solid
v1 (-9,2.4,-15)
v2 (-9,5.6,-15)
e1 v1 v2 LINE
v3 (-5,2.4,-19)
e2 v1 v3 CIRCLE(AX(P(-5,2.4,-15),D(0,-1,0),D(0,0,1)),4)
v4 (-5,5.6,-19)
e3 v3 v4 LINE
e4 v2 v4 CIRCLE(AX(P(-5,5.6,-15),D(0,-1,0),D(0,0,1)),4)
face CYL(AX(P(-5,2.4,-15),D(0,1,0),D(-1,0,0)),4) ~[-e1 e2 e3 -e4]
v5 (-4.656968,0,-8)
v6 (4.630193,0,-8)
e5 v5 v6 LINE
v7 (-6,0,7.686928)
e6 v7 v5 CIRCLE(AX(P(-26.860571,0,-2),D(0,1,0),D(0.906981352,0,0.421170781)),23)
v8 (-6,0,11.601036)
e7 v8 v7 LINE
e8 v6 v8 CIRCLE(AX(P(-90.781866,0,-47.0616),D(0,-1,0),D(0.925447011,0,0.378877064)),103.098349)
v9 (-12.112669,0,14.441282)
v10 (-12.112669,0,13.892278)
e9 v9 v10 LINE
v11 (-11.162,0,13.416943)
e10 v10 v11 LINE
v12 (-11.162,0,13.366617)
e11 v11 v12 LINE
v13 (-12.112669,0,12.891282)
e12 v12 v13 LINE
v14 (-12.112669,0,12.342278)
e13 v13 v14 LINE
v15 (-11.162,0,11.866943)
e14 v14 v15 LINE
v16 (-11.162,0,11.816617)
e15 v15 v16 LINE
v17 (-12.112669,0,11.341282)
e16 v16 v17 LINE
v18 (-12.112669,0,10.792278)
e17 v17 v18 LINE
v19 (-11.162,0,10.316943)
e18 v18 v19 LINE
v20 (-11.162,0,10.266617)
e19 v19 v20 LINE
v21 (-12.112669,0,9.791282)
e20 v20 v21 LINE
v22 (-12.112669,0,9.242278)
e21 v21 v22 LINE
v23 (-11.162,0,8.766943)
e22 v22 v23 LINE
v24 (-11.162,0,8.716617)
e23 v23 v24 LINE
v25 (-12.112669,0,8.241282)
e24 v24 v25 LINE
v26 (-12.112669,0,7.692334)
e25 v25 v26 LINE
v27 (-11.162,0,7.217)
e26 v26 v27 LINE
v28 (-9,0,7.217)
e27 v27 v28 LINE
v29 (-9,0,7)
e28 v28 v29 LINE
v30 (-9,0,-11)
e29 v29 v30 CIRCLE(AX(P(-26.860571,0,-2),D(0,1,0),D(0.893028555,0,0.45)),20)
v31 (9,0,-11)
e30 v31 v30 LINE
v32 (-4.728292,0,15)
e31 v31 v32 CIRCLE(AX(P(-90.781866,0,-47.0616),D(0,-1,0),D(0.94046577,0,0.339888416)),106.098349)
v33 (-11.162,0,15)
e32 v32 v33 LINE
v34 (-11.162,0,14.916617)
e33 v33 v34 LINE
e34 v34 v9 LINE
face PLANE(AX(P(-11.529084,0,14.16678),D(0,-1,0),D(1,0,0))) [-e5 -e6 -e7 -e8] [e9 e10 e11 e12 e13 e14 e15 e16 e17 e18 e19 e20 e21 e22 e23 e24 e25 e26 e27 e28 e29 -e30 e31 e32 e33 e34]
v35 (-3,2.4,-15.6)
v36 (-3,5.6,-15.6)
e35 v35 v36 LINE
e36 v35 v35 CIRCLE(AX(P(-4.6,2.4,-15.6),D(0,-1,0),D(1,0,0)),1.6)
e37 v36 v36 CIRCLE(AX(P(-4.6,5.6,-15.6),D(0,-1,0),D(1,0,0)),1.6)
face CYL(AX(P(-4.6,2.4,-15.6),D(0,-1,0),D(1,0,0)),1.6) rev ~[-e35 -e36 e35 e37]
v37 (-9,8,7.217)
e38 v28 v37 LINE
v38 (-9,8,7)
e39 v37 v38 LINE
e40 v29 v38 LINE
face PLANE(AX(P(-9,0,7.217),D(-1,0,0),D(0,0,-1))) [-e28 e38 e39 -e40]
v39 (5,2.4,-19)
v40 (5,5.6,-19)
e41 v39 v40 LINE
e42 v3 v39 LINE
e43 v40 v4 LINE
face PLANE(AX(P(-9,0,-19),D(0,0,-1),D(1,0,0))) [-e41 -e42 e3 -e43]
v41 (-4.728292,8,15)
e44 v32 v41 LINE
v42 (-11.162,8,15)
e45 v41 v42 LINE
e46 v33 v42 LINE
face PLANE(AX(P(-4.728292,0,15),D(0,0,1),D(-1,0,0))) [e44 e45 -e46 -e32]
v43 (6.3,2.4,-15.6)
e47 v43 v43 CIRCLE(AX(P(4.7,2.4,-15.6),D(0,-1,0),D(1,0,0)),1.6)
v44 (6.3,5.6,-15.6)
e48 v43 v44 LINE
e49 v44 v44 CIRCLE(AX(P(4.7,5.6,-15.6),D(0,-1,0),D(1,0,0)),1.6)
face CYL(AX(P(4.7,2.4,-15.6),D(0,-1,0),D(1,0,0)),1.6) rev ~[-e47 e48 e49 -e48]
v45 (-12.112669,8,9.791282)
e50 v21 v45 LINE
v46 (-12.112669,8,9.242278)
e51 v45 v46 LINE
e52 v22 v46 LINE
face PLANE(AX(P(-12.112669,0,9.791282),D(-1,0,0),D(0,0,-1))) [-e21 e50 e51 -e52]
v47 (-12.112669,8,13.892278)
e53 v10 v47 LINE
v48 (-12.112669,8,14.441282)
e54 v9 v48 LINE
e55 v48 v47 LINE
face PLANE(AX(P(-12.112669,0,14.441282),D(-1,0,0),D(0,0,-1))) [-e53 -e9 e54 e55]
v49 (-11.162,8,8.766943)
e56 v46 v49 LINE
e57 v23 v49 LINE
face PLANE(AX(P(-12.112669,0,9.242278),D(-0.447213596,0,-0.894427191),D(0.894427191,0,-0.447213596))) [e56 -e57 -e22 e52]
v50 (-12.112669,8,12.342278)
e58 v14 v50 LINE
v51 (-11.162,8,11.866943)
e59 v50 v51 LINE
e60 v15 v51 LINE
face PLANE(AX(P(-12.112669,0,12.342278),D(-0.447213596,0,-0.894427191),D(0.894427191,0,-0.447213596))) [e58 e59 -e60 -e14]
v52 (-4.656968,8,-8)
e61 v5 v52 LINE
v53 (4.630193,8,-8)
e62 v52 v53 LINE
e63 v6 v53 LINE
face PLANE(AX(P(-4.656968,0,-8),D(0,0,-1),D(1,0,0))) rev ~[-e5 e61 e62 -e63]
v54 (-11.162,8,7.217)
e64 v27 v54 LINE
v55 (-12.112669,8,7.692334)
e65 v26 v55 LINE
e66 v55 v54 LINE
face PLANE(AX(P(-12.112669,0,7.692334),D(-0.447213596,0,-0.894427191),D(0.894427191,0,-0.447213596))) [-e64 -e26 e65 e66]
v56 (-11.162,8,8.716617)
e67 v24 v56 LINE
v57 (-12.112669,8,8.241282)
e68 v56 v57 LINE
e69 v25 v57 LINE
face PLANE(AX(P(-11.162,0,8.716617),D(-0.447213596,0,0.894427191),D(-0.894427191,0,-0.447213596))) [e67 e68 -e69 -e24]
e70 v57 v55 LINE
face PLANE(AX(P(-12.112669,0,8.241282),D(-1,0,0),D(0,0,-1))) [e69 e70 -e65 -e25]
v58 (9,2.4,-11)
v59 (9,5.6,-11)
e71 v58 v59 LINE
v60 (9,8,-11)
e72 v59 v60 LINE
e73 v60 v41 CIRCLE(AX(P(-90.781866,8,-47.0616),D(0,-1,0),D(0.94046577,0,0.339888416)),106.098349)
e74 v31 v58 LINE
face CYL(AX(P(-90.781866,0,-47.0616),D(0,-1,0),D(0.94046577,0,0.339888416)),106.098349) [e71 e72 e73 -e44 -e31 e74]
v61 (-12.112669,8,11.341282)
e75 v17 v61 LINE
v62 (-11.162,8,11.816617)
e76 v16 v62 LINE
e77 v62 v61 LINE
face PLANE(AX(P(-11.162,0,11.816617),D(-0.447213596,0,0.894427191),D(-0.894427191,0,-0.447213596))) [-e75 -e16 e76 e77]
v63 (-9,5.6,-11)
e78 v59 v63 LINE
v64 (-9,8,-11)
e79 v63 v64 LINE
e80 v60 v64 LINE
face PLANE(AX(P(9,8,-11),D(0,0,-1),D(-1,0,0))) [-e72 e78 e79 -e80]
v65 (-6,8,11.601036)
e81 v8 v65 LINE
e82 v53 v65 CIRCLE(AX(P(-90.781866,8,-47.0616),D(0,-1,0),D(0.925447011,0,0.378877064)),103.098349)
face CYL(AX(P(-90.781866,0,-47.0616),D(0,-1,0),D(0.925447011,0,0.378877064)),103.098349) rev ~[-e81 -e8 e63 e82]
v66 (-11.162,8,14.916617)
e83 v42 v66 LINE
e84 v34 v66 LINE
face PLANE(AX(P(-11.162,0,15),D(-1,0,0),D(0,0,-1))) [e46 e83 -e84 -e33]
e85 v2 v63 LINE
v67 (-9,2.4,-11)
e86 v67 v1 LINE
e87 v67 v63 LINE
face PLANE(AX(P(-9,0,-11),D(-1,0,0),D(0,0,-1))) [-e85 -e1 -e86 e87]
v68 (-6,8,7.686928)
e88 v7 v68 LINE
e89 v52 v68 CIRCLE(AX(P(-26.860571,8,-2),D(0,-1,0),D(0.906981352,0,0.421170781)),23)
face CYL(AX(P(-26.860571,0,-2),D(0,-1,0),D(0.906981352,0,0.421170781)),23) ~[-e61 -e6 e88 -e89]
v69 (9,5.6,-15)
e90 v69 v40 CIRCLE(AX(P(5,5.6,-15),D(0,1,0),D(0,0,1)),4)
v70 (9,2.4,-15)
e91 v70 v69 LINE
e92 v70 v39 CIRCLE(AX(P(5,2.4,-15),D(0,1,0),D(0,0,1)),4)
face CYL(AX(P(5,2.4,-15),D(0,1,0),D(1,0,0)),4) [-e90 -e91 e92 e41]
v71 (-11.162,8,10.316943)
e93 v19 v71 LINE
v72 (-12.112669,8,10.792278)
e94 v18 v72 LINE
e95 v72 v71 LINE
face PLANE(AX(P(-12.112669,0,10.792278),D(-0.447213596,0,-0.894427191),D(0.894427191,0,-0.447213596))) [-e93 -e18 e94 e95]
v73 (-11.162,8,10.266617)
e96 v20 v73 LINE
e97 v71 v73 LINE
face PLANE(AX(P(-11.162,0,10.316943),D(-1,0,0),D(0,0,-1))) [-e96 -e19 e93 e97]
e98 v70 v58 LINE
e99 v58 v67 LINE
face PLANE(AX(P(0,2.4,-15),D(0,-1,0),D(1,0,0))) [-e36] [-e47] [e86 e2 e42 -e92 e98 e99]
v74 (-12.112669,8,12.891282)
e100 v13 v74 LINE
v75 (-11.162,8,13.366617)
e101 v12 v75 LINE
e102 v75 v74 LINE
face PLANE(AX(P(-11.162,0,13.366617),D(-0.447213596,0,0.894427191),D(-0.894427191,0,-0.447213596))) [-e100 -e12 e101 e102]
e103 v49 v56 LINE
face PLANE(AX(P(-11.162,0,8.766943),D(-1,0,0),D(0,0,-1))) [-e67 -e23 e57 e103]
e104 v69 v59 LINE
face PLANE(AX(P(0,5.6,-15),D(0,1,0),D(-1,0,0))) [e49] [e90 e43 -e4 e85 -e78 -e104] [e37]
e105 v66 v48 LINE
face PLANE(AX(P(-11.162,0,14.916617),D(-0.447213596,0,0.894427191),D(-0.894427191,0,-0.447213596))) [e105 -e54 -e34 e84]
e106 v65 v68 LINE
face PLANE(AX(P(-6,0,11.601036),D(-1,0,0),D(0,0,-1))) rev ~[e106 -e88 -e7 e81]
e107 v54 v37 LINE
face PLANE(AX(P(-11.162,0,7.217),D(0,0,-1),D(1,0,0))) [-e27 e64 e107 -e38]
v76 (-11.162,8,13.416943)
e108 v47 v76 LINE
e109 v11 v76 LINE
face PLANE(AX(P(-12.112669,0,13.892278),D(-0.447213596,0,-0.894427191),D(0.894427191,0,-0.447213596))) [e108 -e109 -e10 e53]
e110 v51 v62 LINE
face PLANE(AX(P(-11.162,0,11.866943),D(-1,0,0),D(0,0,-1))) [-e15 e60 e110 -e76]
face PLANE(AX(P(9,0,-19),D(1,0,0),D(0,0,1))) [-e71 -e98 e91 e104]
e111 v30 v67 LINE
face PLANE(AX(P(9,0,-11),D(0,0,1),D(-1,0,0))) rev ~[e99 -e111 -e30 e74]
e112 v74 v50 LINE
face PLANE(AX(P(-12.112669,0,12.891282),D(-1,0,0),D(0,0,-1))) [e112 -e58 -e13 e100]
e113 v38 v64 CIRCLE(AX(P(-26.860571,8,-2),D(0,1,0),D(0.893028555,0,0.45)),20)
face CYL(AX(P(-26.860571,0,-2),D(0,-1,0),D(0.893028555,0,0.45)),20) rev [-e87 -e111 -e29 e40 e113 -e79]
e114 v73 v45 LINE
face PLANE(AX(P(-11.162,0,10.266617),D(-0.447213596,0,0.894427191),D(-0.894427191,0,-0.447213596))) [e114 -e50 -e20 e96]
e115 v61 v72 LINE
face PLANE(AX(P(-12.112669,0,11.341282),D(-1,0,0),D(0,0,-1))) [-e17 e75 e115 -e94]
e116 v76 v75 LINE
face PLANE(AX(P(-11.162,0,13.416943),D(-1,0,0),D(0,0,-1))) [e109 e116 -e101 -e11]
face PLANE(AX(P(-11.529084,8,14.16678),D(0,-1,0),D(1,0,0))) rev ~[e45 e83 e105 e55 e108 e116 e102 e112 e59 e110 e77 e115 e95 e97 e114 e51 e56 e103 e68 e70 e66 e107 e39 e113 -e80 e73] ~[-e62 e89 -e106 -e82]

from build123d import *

# Parameters (mm, degrees)
F1_DEPTH = 8
F3_DEPTH = 2.4
F2_W     = 18
F2_H     = 8
F5_DEPTH = 2.4
F7_DEPTH = 25
F8_R     = 1.6
F9_DEPTH = 25
F10_R    = 4


with BuildPart() as f1:
    # F0 (on Front) → F1 (new body)
    with BuildSketch(Plane.XZ):
        Polygon((-11.162, 13.4169430507), (-11.162, 14.9166165667), (-12.1126689762, 14.4412820786), (-12.1126689762, 13.8922775388), align=None)
        Polygon((-11.162, 11.8669430507), (-11.162, 13.3666165667), (-12.1126689762, 12.8912820786), (-12.1126689762, 12.3422775388), align=None)
        Polygon((-9, 7.217), (-9, 15), (-11.162, 15), (-11.162, 14.9166165667), (-11.162, 13.4169430507), (-11.162, 13.3666165667), (-11.162, 11.8669430507), (-11.162, 11.8166165667), (-11.162, 10.3169430507), (-11.162, 10.2666165667), (-11.162, 8.7669430507), (-11.162, 8.7166165667), (-11.162, 7.217), align=None)
        with BuildLine():
            ThreePointArc((9, -11), (3.0408534236, 2.4778498939), (-4.728292115, 15))
            Line((-4.728292115, 15), (-9, 15))
            Line((-9, 15), (-9, 7.217))
            Line((-9, 7.217), (-9, 7))
            ThreePointArc((-9, 7), (-6.8605710995, -2), (-9, -11))
            Line((-9, -11), (9, -11))
        make_face()
        Polygon((-12.1126689762, 10.7922775388), (-11.162, 10.3169430507), (-11.162, 11.8166165667), (-12.1126689762, 11.3412820786), align=None)
        Polygon((-12.1126689762, 9.2422775388), (-11.162, 8.7669430507), (-11.162, 10.2666165667), (-12.1126689762, 9.7912820786), align=None)
        Polygon((-12.1126689762, 7.6923344881), (-11.162, 7.217), (-11.162, 8.7166165667), (-12.1126689762, 8.2412820786), align=None)
        Polygon((9, -15), (9, -11), (-9, -11), (-9, -15), (-9, -19), (9, -19), align=None)
    extrude(amount=-F1_DEPTH)

    # F0 (on Front) → F3 (cut)
    with BuildSketch(Plane.XZ):
        Polygon((9, -15), (9, -11), (-9, -11), (-9, -15), (-9, -19), (9, -19), align=None)
    extrude(amount=-F3_DEPTH, mode=Mode.SUBTRACT)

    # F2 (on face) → F5 (cut)
    with BuildSketch(Plane(origin=(0, 8, 0), x_dir=(-1, 0, 0), z_dir=(0, 1, 0))):
        with Locations((0, -15)):
            Rectangle(F2_W, F2_H)
    extrude(amount=-F5_DEPTH, mode=Mode.SUBTRACT)

    # F6 (on face) → F7 (cut)
    with BuildSketch(Plane.XZ):
        with BuildLine():
            ThreePointArc((4.6301934316, -8), (-0.1534331268, 2.0887492698), (-6, 11.6010360967))
            Line((-6, 11.6010360967), (-6, 7.6869279652))
            ThreePointArc((-6, 7.6869279652), (-3.9444041717, -0.038038396), (-4.6569677883, -8))
            Line((-4.6569677883, -8), (4.6301934316, -8))
        make_face()
    extrude(amount=-F7_DEPTH, mode=Mode.SUBTRACT)

    # F8 (on face) → F9 (cut)
    with BuildSketch(Plane.XZ.offset(-2.4)):
        with Locations((-4.6, -15.6)):
            Circle(F8_R)
        with Locations((4.7, -15.6)):
            Circle(F8_R)
    extrude(amount=-F9_DEPTH, mode=Mode.SUBTRACT)

    # F10
    f10_edges = [f1.edges().sort_by_distance(p)[0] for p in [
        (-9, 4, -19),
        (9, 4, -19),
    ]]
    fillet(f10_edges, radius=F10_R)


solid = f1.part
